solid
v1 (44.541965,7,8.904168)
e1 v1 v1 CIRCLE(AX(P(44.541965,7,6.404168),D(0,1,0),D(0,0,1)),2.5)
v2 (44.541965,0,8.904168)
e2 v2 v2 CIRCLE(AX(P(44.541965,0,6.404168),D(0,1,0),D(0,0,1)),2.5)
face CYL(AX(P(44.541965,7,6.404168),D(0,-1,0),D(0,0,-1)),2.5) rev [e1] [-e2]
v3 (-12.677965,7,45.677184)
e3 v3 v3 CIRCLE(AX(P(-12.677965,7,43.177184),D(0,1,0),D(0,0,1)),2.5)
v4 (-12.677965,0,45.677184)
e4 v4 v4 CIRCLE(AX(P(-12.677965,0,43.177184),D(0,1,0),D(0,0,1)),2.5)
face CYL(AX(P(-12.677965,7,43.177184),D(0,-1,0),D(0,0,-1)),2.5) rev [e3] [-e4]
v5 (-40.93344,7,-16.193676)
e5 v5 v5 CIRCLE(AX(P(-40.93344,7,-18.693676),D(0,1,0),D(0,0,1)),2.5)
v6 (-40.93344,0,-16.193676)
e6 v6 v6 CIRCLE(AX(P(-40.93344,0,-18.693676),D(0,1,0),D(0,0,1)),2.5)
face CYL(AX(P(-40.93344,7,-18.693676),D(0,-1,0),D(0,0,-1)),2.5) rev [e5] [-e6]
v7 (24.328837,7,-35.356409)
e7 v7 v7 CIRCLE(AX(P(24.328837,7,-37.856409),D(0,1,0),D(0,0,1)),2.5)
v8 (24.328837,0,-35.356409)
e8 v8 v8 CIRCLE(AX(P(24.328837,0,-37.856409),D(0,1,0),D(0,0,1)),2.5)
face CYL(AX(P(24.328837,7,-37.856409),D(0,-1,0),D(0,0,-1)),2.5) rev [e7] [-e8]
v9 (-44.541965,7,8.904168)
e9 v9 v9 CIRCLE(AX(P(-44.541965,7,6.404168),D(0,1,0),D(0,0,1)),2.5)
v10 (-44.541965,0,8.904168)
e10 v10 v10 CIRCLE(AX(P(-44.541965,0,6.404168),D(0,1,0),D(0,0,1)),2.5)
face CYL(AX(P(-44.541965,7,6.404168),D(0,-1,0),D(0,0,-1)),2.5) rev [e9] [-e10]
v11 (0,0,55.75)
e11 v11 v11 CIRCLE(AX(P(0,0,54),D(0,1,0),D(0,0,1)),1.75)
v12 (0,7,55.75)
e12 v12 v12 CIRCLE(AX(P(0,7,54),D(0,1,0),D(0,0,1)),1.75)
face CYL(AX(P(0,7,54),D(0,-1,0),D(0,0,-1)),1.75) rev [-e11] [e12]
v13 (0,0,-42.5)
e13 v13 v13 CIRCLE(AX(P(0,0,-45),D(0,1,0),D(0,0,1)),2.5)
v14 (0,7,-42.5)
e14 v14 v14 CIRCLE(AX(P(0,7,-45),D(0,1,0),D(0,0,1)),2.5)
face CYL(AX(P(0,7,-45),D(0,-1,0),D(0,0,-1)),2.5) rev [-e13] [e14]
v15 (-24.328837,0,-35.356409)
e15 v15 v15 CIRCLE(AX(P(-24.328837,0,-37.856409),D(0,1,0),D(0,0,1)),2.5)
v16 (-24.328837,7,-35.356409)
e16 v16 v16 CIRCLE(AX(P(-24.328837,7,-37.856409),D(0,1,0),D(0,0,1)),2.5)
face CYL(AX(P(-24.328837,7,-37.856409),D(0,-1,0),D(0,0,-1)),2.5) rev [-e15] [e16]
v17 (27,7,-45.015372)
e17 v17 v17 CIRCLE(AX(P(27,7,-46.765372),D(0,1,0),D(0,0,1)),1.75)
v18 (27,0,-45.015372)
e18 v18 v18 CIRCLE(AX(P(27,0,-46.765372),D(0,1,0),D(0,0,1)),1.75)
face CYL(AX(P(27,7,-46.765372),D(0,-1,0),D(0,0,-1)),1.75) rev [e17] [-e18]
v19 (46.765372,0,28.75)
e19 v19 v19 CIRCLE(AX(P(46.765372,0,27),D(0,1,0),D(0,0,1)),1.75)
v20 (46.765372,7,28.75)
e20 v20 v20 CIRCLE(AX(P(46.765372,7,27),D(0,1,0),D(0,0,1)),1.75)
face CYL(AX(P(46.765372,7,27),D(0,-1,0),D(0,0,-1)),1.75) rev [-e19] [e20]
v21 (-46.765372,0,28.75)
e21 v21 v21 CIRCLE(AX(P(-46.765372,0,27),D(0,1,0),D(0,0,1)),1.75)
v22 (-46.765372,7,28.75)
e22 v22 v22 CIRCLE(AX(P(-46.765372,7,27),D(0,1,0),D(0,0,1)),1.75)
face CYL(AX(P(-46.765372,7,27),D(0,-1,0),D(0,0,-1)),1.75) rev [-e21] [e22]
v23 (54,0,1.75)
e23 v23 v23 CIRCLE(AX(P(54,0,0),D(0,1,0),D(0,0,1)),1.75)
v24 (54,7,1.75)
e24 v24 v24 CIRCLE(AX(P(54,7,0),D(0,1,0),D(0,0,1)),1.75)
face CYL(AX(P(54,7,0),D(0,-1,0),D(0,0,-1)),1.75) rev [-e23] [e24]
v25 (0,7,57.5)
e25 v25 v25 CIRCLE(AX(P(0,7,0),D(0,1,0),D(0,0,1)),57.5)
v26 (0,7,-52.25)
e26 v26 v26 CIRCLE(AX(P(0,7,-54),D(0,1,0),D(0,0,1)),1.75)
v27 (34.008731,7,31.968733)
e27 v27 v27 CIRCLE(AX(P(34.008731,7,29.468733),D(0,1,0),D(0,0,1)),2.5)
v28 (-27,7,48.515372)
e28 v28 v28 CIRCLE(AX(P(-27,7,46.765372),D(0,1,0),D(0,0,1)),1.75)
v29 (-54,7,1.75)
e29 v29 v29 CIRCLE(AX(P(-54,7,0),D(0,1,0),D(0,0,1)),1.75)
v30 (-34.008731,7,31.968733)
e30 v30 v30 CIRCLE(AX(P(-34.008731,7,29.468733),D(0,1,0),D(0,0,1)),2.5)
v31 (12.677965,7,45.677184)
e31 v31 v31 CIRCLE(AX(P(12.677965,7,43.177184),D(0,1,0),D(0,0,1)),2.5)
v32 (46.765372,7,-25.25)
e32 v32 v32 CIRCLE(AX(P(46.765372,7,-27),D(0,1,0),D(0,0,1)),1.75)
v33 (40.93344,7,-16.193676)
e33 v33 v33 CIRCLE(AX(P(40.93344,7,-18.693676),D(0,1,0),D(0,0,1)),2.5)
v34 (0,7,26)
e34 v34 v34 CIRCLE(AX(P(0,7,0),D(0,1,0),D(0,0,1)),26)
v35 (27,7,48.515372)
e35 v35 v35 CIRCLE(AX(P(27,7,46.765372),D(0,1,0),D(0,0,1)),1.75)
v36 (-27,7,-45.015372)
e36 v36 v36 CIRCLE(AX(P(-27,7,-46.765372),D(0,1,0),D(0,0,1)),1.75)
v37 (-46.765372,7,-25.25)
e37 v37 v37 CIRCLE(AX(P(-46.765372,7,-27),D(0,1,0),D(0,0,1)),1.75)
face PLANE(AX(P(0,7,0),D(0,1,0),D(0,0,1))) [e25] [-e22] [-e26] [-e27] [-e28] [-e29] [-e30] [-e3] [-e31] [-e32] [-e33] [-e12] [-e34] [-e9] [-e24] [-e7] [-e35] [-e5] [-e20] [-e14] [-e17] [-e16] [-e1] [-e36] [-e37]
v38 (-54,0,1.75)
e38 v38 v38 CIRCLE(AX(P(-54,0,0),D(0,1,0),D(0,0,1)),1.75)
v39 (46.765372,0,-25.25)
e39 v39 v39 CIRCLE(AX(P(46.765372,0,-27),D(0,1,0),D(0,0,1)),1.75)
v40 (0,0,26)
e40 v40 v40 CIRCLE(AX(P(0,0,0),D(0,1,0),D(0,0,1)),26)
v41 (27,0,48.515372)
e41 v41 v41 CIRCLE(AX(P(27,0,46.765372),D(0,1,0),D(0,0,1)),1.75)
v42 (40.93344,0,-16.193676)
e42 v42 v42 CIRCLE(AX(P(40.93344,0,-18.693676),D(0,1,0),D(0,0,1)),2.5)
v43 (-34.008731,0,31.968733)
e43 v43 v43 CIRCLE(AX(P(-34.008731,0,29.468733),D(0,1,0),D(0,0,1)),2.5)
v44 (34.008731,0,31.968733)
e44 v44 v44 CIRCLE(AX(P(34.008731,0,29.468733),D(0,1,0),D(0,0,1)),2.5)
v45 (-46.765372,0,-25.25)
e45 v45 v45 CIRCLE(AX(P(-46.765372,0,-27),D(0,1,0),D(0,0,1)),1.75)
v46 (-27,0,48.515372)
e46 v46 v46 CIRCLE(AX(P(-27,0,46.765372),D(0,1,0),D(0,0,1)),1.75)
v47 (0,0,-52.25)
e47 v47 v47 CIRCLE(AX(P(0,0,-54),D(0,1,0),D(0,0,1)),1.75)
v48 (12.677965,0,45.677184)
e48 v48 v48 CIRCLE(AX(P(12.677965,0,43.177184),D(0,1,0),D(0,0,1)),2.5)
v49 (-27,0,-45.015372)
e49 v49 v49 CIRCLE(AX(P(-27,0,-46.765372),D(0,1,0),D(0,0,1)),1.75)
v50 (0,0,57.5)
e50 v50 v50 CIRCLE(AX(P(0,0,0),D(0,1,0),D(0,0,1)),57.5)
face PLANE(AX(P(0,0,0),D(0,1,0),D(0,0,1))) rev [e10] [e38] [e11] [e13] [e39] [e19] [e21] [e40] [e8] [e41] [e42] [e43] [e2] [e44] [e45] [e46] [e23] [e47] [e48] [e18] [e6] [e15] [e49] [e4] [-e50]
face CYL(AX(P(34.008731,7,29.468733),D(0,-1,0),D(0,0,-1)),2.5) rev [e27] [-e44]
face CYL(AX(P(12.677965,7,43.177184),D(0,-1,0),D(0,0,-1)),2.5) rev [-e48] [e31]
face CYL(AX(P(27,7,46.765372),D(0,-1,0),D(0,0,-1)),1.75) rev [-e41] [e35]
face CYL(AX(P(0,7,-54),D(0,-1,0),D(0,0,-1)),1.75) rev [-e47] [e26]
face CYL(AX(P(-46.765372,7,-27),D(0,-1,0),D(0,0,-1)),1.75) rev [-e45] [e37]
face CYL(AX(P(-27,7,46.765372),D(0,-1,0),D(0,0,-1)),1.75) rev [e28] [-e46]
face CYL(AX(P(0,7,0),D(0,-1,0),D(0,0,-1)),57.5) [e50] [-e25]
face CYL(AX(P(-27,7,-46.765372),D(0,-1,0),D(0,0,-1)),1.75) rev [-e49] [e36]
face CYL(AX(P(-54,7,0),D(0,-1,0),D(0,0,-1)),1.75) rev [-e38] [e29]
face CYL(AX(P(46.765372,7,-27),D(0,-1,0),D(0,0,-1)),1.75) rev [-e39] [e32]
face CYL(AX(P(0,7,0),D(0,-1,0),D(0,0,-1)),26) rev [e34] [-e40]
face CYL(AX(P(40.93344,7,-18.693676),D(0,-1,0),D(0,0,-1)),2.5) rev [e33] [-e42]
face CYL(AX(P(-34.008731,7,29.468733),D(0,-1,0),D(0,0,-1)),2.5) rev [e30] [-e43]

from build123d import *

# Parameters (mm, degrees)
SKETCH1_R           = 57.5
SKETCH1_R_2         = 1.75
SKETCH1_R_3         = 26
SKETCH1_R_4         = 2.5
BOSS_EXTRUDE1_DEPTH = 7


with BuildPart() as part:
    # Sketch1 → Boss-Extrude1 (new body)
    with BuildSketch(Plane(origin=(0, 0, 0), x_dir=(1, 0, 0), z_dir=(0, 1, 0))):
        with Locations(Location((0, 0, 0), (0, 0, 270))):
            Circle(SKETCH1_R)
        with Locations(Location((0, 54, 0), (0, 0, 270))):
            Circle(SKETCH1_R_2, mode=Mode.SUBTRACT)
        with Locations(Location((27, 46.765371804, 0), (0, 0, 270))):
            Circle(SKETCH1_R_2, mode=Mode.SUBTRACT)
        with Locations(Location((46.765371804, 27, 0), (0, 0, 270))):
            Circle(SKETCH1_R_2, mode=Mode.SUBTRACT)
        with Locations(Location((54, 0, 0), (0, 0, 270))):
            Circle(SKETCH1_R_2, mode=Mode.SUBTRACT)
        with Locations(Location((46.765371804, -27, 0), (0, 0, 270))):
            Circle(SKETCH1_R_2, mode=Mode.SUBTRACT)
        with Locations(Location((27, -46.765371804, 0), (0, 0, 270))):
            Circle(SKETCH1_R_2, mode=Mode.SUBTRACT)
        with Locations(Location((0, -54, 0), (0, 0, 270))):
            Circle(SKETCH1_R_2, mode=Mode.SUBTRACT)
        with Locations(Location((-27, -46.765371804, 0), (0, 0, 270))):
            Circle(SKETCH1_R_2, mode=Mode.SUBTRACT)
        with Locations(Location((-46.765371804, -27, 0), (0, 0, 270))):
            Circle(SKETCH1_R_2, mode=Mode.SUBTRACT)
        with Locations(Location((-54, 0, 0), (0, 0, 270))):
            Circle(SKETCH1_R_2, mode=Mode.SUBTRACT)
        with Locations(Location((-46.765371804, 27, 0), (0, 0, 270))):
            Circle(SKETCH1_R_2, mode=Mode.SUBTRACT)
        with Locations(Location((-27, 46.765371804, 0), (0, 0, 270))):
            Circle(SKETCH1_R_2, mode=Mode.SUBTRACT)
        with Locations(Location((0, 0, 0), (0, 0, 270))):
            Circle(SKETCH1_R_3, mode=Mode.SUBTRACT)
        with Locations(Location((0, 45, 0), (0, 0, 270))):
            Circle(SKETCH1_R_4, mode=Mode.SUBTRACT)
        with Locations(Location((24.328836786, 37.856408977, 0), (0, 0, 270))):
            Circle(SKETCH1_R_4, mode=Mode.SUBTRACT)
        with Locations(Location((40.933439791, 18.693675585, 0), (0, 0, 270))):
            Circle(SKETCH1_R_4, mode=Mode.SUBTRACT)
        with Locations(Location((44.541964885, -6.404167722, 0), (0, 0, 270))):
            Circle(SKETCH1_R_4, mode=Mode.SUBTRACT)
        with Locations(Location((34.008730846, -29.468733028, 0), (0, 0, 270))):
            Circle(SKETCH1_R_4, mode=Mode.SUBTRACT)
        with Locations(Location((12.677965058, -43.177183813, 0), (0, 0, 270))):
            Circle(SKETCH1_R_4, mode=Mode.SUBTRACT)
        with Locations(Location((-12.677965058, -43.177183813, 0), (0, 0, 270))):
            Circle(SKETCH1_R_4, mode=Mode.SUBTRACT)
        with Locations(Location((-34.008730846, -29.468733028, 0), (0, 0, 270))):
            Circle(SKETCH1_R_4, mode=Mode.SUBTRACT)
        with Locations(Location((-44.541964885, -6.404167722, 0), (0, 0, 270))):
            Circle(SKETCH1_R_4, mode=Mode.SUBTRACT)
        with Locations(Location((-40.933439791, 18.693675585, 0), (0, 0, 270))):
            Circle(SKETCH1_R_4, mode=Mode.SUBTRACT)
        with Locations(Location((-24.328836786, 37.856408977, 0), (0, 0, 270))):
            Circle(SKETCH1_R_4, mode=Mode.SUBTRACT)
    extrude(amount=BOSS_EXTRUDE1_DEPTH)


solid = part.part
